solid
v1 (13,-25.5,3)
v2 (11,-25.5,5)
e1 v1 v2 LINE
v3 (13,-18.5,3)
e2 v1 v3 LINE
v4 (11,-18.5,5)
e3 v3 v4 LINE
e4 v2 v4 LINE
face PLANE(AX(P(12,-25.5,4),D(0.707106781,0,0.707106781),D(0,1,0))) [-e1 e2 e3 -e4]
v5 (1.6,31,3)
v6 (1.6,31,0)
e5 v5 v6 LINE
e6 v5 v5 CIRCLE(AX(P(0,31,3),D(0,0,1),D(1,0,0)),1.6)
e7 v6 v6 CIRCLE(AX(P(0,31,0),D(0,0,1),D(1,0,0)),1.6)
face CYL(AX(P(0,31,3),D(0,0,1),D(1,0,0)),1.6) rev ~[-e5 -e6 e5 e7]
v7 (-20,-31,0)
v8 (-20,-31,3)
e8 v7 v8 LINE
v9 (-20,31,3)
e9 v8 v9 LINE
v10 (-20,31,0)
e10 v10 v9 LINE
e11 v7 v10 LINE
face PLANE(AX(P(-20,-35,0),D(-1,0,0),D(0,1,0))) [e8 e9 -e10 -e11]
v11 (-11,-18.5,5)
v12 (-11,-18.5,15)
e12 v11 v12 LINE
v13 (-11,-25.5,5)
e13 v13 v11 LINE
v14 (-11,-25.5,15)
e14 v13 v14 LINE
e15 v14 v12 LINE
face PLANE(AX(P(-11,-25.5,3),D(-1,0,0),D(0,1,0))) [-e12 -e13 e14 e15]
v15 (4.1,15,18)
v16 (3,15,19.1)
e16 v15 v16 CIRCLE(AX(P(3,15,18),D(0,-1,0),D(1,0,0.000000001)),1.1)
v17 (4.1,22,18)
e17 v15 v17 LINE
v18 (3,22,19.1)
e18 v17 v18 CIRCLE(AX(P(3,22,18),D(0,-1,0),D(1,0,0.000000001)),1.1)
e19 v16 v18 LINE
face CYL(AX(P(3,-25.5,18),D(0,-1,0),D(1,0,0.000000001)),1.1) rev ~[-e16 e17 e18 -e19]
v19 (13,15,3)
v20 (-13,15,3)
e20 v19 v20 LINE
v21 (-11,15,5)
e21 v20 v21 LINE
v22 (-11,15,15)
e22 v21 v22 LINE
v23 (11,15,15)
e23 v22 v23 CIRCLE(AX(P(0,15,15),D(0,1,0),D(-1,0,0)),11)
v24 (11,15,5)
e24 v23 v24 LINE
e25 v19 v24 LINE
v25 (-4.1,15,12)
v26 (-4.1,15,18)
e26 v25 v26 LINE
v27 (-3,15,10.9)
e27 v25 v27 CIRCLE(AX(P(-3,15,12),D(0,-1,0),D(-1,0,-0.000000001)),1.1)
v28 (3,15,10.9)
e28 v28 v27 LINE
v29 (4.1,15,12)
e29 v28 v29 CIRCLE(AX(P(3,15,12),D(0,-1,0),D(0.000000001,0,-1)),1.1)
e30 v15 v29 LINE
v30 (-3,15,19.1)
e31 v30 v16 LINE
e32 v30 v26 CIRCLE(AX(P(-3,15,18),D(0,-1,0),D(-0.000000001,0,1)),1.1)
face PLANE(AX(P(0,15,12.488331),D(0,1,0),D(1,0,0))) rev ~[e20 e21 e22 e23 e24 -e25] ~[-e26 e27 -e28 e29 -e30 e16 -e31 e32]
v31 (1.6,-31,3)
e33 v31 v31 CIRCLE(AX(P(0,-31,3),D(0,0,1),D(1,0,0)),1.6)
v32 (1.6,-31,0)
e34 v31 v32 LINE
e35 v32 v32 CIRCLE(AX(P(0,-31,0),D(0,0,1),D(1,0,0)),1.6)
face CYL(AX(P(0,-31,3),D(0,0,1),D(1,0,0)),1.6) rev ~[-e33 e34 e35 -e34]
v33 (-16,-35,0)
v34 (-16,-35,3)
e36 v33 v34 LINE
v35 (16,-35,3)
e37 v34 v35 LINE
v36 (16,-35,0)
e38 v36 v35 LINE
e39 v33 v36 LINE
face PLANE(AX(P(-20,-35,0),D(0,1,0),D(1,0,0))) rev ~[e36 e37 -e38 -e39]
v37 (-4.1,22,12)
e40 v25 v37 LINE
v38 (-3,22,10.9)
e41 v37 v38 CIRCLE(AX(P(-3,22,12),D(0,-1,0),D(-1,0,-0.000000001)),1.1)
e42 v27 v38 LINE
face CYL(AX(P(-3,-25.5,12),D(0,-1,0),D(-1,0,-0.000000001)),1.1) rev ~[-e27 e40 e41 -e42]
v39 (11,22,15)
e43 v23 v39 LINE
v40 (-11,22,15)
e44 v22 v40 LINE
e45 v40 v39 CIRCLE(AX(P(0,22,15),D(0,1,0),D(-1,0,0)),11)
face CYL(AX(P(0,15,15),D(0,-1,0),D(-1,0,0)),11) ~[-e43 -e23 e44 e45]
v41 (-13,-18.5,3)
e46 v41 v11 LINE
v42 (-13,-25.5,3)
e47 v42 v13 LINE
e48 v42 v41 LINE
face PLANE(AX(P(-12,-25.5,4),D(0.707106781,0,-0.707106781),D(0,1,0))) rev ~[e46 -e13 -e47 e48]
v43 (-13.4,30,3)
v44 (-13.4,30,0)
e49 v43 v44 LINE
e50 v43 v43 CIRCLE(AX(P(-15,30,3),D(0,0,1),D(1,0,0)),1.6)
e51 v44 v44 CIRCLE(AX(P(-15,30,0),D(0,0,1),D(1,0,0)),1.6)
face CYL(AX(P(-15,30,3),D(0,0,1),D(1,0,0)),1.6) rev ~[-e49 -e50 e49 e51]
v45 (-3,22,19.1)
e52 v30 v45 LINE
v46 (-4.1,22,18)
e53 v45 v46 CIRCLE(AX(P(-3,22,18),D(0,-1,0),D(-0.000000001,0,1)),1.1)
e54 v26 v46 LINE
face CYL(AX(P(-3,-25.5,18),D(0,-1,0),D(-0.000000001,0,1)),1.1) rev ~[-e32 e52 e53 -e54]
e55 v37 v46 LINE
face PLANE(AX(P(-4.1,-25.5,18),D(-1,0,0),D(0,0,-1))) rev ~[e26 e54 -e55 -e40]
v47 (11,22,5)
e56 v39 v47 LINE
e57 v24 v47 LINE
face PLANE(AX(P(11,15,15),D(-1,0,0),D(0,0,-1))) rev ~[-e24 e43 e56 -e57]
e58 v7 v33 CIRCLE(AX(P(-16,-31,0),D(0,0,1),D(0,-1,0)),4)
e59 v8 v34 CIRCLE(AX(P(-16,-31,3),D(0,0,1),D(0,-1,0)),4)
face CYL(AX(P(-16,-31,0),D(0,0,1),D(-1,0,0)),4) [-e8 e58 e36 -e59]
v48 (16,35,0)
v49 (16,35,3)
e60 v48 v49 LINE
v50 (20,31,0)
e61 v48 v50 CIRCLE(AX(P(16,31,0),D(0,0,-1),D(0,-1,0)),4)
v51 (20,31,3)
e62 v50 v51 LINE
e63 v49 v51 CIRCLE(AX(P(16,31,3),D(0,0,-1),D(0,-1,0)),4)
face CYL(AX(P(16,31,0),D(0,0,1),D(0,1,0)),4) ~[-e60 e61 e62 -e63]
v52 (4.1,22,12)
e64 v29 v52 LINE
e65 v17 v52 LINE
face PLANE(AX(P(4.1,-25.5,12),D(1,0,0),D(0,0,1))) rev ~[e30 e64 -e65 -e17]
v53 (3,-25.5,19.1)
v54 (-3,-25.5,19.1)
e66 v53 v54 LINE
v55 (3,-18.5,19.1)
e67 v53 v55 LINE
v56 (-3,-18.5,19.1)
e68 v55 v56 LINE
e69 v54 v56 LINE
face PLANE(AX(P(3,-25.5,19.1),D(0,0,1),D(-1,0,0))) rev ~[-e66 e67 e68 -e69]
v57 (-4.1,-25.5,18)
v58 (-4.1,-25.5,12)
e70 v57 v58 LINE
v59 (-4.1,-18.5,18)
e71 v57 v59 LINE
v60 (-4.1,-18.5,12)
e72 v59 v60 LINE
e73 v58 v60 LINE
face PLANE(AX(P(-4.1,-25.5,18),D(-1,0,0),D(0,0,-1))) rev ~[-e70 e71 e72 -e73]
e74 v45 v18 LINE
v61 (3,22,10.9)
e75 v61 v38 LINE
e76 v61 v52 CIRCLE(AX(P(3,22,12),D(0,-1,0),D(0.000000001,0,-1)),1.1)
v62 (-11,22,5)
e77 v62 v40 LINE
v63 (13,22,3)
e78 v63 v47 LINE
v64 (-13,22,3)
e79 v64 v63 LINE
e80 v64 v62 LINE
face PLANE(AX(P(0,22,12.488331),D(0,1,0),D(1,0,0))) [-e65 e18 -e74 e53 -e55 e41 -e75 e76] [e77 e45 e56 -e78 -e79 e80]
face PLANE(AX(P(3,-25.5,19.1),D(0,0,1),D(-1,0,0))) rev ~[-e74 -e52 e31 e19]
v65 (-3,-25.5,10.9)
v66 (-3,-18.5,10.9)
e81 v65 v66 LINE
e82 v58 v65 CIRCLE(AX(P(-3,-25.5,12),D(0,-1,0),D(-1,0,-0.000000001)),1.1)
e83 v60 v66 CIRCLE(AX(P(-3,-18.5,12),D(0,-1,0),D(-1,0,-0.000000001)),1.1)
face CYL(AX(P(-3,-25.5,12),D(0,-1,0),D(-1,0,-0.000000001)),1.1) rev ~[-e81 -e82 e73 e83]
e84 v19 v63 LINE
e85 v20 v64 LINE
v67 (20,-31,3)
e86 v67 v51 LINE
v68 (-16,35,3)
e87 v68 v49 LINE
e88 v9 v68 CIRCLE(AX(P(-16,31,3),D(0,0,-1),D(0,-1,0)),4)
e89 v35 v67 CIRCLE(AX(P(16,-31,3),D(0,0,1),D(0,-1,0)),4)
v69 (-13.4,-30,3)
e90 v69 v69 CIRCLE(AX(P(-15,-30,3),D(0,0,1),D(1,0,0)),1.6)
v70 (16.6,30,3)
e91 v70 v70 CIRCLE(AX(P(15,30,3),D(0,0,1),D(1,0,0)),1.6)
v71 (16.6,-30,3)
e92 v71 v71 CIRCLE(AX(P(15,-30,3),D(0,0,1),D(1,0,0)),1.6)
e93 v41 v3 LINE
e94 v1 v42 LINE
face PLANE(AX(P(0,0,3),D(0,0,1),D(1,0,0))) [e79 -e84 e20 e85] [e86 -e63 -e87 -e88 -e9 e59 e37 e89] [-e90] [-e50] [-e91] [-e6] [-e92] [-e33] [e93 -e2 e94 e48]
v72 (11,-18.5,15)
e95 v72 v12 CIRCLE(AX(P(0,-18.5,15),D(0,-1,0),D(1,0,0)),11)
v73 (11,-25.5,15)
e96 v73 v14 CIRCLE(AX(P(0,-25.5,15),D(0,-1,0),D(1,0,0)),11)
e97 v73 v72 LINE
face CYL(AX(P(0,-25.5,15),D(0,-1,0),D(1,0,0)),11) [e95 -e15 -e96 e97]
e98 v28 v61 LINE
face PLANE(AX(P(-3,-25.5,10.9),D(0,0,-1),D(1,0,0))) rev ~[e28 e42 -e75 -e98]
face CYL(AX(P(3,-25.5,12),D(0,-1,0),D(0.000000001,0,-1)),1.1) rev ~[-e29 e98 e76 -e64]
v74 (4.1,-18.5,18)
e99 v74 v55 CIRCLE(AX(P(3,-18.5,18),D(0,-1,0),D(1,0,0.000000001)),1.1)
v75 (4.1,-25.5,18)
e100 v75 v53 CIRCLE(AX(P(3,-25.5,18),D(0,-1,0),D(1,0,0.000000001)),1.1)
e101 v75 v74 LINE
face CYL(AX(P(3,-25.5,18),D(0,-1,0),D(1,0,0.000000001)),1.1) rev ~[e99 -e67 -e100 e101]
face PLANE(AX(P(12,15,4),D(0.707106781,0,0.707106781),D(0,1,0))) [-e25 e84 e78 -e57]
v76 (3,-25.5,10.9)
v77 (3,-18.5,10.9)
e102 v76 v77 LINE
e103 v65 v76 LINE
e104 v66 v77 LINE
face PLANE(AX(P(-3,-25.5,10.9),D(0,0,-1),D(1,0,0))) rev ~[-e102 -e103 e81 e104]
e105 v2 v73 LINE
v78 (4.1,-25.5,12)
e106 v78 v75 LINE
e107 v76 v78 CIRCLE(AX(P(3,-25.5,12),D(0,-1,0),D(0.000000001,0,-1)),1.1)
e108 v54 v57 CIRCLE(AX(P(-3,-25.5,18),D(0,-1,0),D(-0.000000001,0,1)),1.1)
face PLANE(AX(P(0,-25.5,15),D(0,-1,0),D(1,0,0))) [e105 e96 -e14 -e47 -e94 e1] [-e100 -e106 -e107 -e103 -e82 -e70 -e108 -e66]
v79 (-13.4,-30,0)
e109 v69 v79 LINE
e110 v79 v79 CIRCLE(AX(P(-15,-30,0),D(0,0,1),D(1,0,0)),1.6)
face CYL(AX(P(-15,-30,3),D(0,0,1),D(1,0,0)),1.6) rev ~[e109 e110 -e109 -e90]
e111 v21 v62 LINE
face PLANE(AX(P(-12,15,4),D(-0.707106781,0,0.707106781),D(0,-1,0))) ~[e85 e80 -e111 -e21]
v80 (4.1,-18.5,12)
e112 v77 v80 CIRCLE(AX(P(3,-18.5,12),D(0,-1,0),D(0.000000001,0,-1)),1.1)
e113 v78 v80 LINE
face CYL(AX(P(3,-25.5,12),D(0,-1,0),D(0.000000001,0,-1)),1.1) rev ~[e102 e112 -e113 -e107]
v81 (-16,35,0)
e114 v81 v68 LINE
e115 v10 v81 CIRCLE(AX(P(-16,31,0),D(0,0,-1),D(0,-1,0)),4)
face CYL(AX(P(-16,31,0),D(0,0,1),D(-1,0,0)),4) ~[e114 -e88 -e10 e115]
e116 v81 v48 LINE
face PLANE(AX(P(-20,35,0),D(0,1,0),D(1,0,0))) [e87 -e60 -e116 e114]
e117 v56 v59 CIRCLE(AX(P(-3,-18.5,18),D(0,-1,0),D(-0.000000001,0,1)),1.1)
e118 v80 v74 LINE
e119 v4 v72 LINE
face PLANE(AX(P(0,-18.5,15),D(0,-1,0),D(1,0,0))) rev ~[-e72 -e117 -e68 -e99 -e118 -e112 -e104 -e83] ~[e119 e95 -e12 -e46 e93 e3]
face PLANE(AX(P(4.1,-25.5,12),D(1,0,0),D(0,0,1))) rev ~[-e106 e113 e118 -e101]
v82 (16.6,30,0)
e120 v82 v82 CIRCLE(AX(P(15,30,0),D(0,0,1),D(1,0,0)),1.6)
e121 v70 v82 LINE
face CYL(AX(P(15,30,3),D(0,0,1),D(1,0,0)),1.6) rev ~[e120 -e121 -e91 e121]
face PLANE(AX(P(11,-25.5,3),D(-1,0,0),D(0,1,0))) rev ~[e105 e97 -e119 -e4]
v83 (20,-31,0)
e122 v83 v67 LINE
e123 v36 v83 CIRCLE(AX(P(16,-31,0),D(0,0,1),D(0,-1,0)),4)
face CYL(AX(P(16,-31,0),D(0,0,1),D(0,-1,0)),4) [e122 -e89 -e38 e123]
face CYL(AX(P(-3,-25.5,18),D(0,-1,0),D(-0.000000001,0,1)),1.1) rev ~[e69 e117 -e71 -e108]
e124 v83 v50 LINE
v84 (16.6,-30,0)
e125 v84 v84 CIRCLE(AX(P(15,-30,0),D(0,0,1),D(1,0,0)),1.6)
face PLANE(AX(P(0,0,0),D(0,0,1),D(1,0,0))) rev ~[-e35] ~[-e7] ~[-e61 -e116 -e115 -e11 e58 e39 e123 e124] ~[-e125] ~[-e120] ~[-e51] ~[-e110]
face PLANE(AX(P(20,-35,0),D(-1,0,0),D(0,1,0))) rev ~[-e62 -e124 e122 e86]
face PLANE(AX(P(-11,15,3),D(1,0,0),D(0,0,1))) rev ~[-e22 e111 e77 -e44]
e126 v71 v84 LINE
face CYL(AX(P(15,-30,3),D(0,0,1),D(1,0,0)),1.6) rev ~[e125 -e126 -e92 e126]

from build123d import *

# Parameters (mm, degrees)
SKETCH_1_W          = 40
SKETCH_1_H          = 70
EXTRUDE_1_DEPTH     = 3
SKETCH_2_W          = 22
SKETCH_2_H          = 61
EXTRUDE_2_DEPTH     = 3
SKETCH_3_W          = 22
SKETCH_3_H          = 7
EXTRUDE_3_DEPTH     = 12
SKETCH_4_R          = 11
EXTRUDE_4_DEPTH     = 7
SKETCH_7_R          = 1.6
CUT_EXTRUDE_2_DEPTH = 7
SKETCH_8_R          = 1.6
CUT_EXTRUDE_3_DEPTH = 7
FILLET_1_R          = 4
EXTRUDE_START       = -7
EXTRUDE_5_DEPTH     = 7
CUT_EXTRUDE_4_DEPTH = 66.76473219
CHAMFER_1_SIZE      = 2
CUT_EXTRUDE_5_DEPTH = 69.820418482


with BuildPart() as part:
    # 草图1 → 凸台-拉伸1 (new body)
    with BuildSketch(Plane.XY):
        Rectangle(SKETCH_1_W, SKETCH_1_H)
    extrude(amount=EXTRUDE_1_DEPTH)

    # 草图2 → 凸台-拉伸2 (add)
    with BuildSketch(Plane.XY.offset(3)):
        Rectangle(SKETCH_2_W, SKETCH_2_H)
    extrude(amount=-EXTRUDE_2_DEPTH)

    # 草图3 → 凸台-拉伸3 (add)
    with BuildSketch(Plane.XY.offset(3)):
        with Locations((0, -22)):
            Rectangle(SKETCH_3_W, SKETCH_3_H)
    extrude(amount=EXTRUDE_3_DEPTH)

    # 草图4 → 凸台-拉伸4 (add)
    with BuildSketch(Plane.XZ.offset(25.5)):
        with Locations((0, 15)):
            Circle(SKETCH_4_R)
    extrude(amount=-EXTRUDE_4_DEPTH)

    # 草图7 → 切除-拉伸2 (cut)
    with BuildSketch(Plane.XY.offset(3)):
        with Locations((-15, 30)):
            Circle(SKETCH_7_R)
        with Locations((15, 30)):
            Circle(SKETCH_7_R)
        with Locations((15, -30)):
            Circle(SKETCH_7_R)
        with Locations((-15, -30)):
            Circle(SKETCH_7_R)
    extrude(amount=-CUT_EXTRUDE_2_DEPTH, mode=Mode.SUBTRACT)

    # 草图8 → 切除-拉伸3 (cut)
    with BuildSketch(Plane.XY.offset(3)):
        with Locations((0, 31)):
            Circle(SKETCH_8_R)
        with Locations((0, -31)):
            Circle(SKETCH_8_R)
    extrude(amount=-CUT_EXTRUDE_3_DEPTH, mode=Mode.SUBTRACT)

    # 圆角1
    fillet_1_edges = [part.edges().sort_by_distance(p)[0] for p in [
        (20, -35, 1.5),
        (-20, -35, 1.5),
        (-20, 35, 1.5),
        (20, 35, 1.5),
    ]]
    fillet(fillet_1_edges, radius=FILLET_1_R)

    # 草图9 → 凸台-拉伸5 (add)
    with BuildSketch(Plane(origin=(0, 22, 0), x_dir=(1, 0, 0), z_dir=(0, 1, 0)).offset(EXTRUDE_START)):
        with BuildLine():
            Line((-11, -3), (-11, -15))
            ThreePointArc((-11, -15), (0, -26), (11, -15))
            Line((11, -15), (11, -3))
            Line((11, -3), (-11, -3))
        make_face()
    extrude(amount=EXTRUDE_5_DEPTH)

    # 草图10 → 切除-拉伸4 (cut, through all)
    with BuildSketch(Plane(origin=(0, 22, 0), x_dir=(1, 0, 0), z_dir=(0, 1, 0))):
        with BuildLine():
            Line((-3, -19), (3, -19))
            ThreePointArc((3, -19), (3.707106781, -18.707106781), (4, -18))
            Line((4, -18), (4, -12))
            ThreePointArc((4, -12), (3.707106781, -11.292893219), (3, -11))
            Line((3, -11), (-3, -11))
            ThreePointArc((-3, -11), (-3.707106781, -11.292893219), (-4, -12))
            Line((-4, -12), (-4, -18))
            ThreePointArc((-4, -18), (-3.707106781, -18.707106781), (-3, -19))
        make_face()
    extrude(amount=-CUT_EXTRUDE_4_DEPTH, mode=Mode.SUBTRACT)

    # 倒角1
    chamfer_1_edges = [part.edges().sort_by_distance(p)[0] for p in [
        (-11, 18.5, 3),
        (11, 18.5, 3),
        (11, -22, 3),
        (-11, -22, 3),
    ]]
    chamfer(chamfer_1_edges, length=CHAMFER_1_SIZE)

    # 草图11 → 切除-拉伸5 (cut, through all)
    with BuildSketch(Plane.XZ.offset(25.5)):
        with BuildLine():
            Line((-4.1, 18), (-4.1, 12))
            ThreePointArc((-4.1, 12), (-3.777817459, 11.222182541), (-3, 10.9))
            Line((-3, 10.9), (3, 10.9))
            ThreePointArc((3, 10.9), (3.777817459, 11.222182541), (4.1, 12))
            Line((4.1, 12), (4.1, 18))
            ThreePointArc((4.1, 18), (3.777817459, 18.777817459), (3, 19.1))
            Line((3, 19.1), (-3, 19.1))
            ThreePointArc((-3, 19.1), (-3.777817459, 18.777817459), (-4.1, 18))
        make_face()
    extrude(amount=-CUT_EXTRUDE_5_DEPTH, mode=Mode.SUBTRACT)


solid = part.part
